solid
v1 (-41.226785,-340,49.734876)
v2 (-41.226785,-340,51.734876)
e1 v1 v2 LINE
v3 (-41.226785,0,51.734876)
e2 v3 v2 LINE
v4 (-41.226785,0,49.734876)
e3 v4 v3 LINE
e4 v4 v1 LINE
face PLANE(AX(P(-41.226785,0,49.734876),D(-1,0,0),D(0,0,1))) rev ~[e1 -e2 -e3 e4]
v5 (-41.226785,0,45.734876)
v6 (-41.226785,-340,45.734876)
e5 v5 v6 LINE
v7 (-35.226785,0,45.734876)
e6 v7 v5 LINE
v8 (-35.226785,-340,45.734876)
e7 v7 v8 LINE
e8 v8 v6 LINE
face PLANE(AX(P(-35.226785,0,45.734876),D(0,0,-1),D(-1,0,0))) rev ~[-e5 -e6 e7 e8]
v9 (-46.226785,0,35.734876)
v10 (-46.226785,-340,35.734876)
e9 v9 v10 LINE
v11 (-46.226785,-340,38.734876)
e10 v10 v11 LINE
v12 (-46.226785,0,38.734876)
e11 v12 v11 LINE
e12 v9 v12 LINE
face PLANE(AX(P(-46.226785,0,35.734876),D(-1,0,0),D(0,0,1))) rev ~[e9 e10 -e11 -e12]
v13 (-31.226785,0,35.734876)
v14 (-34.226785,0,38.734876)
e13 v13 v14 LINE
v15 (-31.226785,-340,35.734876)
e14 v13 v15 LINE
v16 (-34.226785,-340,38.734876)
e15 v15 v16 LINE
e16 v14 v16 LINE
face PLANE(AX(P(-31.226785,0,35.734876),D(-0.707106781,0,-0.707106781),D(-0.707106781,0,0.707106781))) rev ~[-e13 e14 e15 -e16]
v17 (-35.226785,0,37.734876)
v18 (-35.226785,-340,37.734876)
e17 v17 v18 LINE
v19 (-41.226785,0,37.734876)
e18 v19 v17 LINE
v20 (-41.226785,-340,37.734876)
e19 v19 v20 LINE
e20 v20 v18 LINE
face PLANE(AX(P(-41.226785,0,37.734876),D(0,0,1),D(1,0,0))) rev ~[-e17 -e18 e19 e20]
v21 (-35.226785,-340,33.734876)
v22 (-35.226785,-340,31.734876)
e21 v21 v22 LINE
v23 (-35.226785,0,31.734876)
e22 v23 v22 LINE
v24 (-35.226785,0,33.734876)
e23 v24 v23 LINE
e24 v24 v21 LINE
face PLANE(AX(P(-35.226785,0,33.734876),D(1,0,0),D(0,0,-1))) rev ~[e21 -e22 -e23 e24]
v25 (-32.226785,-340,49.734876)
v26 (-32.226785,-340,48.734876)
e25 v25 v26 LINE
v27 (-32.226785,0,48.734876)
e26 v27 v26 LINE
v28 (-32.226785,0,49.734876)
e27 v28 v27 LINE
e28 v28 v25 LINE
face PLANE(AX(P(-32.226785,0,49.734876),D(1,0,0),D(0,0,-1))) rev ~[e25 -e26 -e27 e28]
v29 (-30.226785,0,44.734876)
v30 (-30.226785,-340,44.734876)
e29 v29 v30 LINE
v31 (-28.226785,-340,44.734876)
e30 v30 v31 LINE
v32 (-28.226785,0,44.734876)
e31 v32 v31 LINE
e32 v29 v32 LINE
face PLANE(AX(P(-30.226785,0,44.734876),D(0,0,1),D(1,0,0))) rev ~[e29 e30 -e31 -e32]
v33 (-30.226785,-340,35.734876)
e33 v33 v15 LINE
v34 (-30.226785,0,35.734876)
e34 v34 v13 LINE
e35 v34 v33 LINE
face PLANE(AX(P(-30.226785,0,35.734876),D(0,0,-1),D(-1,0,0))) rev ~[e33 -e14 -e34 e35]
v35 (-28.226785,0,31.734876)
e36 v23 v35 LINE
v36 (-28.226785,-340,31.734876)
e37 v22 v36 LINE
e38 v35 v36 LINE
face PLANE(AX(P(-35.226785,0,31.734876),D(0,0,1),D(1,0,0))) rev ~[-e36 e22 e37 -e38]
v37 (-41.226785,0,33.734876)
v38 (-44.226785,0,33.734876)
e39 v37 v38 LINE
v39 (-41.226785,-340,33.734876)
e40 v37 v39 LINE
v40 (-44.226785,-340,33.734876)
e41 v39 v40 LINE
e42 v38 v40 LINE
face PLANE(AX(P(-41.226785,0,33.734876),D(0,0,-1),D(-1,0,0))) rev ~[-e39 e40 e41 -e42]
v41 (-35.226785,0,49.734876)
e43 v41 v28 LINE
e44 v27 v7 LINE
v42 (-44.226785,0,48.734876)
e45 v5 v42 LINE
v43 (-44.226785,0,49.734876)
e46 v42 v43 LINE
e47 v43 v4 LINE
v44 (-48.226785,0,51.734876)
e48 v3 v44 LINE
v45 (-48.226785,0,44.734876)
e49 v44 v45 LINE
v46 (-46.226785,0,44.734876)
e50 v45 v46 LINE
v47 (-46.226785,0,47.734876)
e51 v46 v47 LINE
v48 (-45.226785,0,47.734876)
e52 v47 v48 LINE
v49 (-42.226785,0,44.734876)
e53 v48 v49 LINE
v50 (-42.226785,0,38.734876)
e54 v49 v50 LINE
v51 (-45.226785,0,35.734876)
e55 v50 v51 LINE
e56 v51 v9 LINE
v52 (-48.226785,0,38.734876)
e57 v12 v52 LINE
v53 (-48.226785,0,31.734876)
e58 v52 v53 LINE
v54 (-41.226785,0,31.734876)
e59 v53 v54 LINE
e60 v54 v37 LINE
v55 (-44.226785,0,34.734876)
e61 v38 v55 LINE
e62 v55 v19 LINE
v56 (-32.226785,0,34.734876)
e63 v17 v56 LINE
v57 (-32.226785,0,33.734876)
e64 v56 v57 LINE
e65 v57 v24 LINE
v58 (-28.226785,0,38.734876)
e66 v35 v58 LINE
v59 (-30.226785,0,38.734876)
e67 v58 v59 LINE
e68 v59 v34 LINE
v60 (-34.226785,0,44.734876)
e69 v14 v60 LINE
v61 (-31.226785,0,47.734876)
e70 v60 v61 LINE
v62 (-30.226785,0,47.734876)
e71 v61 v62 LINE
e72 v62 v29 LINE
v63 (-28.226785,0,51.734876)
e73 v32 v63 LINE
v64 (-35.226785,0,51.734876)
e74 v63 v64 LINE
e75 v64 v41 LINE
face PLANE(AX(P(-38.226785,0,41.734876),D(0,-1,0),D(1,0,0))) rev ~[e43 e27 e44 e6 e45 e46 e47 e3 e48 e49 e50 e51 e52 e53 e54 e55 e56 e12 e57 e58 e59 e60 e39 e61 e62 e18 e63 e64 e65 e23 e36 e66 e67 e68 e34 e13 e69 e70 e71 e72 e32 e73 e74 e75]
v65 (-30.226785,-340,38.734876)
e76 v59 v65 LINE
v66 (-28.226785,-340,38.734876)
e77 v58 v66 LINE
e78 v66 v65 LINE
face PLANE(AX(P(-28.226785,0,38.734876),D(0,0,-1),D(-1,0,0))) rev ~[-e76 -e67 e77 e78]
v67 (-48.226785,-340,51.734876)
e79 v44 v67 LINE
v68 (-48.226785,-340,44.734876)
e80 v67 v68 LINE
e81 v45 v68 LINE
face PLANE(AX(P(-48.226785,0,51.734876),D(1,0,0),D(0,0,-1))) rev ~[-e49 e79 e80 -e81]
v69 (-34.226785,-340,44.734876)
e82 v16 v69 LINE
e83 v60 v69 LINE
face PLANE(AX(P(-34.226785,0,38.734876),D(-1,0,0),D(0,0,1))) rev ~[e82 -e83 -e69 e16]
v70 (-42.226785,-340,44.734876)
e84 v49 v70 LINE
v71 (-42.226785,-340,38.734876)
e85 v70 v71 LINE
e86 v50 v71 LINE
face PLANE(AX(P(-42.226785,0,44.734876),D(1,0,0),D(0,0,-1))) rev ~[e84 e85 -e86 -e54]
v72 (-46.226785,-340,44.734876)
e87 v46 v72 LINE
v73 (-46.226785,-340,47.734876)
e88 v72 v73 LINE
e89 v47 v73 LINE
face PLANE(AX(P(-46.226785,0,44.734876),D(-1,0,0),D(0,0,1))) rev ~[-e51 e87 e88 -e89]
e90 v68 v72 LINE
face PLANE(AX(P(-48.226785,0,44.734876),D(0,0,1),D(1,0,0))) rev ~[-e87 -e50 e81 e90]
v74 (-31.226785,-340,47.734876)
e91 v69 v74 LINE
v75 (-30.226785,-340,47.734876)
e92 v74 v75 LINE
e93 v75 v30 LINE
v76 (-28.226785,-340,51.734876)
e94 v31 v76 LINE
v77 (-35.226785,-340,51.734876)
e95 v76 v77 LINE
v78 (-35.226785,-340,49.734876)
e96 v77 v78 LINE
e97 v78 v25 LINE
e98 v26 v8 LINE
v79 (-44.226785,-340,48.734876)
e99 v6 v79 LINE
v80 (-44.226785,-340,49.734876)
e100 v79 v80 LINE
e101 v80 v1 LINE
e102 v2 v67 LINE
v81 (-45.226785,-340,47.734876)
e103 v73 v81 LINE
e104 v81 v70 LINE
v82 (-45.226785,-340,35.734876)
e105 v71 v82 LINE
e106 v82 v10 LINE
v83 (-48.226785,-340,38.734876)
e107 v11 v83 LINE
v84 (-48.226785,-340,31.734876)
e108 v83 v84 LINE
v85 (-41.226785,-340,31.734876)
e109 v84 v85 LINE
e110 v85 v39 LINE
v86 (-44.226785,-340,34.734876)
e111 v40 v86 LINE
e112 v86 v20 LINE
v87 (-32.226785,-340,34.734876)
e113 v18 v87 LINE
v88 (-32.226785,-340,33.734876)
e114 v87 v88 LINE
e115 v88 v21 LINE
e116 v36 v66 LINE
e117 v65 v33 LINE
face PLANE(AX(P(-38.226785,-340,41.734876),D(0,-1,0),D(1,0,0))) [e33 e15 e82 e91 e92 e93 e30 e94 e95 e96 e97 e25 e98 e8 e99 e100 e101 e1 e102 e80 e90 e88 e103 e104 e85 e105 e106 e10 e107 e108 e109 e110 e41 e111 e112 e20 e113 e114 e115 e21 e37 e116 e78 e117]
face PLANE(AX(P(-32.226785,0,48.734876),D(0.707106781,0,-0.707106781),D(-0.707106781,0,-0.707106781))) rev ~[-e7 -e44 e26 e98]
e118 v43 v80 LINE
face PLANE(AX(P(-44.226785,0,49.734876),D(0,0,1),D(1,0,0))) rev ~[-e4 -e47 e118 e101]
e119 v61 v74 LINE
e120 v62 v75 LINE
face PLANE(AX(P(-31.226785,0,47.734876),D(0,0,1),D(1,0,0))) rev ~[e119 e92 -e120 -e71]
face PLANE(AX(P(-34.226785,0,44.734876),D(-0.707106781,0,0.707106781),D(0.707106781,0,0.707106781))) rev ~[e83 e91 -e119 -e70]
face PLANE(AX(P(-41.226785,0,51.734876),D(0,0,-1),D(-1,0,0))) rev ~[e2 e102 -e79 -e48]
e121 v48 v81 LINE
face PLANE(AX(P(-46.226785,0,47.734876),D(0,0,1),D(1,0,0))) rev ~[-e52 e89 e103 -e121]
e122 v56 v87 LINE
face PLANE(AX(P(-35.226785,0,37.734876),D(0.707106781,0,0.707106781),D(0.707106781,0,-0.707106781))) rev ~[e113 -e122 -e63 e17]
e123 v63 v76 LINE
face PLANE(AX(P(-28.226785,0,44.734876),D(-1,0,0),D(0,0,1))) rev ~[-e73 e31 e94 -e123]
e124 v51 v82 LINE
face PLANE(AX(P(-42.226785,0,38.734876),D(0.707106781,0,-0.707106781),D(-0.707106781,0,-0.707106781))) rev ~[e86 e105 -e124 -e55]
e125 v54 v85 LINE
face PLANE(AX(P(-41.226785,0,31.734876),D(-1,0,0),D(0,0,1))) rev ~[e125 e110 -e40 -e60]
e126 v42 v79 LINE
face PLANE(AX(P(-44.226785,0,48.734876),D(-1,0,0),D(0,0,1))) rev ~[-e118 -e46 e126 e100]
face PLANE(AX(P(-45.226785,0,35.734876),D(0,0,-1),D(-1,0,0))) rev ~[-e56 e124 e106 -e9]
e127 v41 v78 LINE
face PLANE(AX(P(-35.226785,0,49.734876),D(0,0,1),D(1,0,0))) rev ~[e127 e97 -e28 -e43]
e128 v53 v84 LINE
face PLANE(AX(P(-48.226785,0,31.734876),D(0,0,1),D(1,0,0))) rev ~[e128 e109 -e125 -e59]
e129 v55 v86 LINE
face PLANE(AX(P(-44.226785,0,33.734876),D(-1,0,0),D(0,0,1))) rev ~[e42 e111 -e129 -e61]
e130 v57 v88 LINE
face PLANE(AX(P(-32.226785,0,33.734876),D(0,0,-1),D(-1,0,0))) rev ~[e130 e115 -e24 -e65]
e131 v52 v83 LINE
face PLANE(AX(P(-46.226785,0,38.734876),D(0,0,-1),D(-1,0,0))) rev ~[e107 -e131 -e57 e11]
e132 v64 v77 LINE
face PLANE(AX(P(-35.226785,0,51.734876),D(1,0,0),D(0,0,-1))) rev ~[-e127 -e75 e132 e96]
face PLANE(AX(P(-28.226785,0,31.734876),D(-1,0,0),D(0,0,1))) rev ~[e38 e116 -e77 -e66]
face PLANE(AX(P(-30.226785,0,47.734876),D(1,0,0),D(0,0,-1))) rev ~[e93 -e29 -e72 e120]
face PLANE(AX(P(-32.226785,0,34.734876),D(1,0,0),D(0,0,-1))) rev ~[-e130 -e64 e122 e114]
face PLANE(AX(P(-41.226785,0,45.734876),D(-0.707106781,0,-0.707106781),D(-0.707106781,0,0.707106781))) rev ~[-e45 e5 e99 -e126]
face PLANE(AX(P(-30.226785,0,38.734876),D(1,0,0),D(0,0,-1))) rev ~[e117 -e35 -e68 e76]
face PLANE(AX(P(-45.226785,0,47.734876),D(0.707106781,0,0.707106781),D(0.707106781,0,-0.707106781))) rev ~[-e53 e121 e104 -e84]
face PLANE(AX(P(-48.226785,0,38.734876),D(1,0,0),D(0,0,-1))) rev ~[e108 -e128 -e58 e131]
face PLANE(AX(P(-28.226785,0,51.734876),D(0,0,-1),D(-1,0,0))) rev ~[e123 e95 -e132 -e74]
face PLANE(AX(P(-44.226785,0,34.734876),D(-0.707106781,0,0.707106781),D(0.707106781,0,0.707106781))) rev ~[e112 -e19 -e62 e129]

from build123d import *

# Parameters (mm, degrees)
F1_DEPTH = 340


with BuildPart() as f1:
    # F0 (on Front) → F1 (new body)
    with BuildSketch(Plane.XZ):
        Polygon((-48.226785, 51.734876), (-48.226785, 44.734876), (-46.226785, 44.734876), (-46.226785, 47.734876), (-45.226785, 47.734876), (-42.226785, 44.734876), (-42.226785, 38.734876), (-45.226785, 35.734876), (-46.226785, 35.734876), (-46.226785, 38.734876), (-48.226785, 38.734876), (-48.226785, 31.734876), (-41.226785, 31.734876), (-41.226785, 33.734876), (-44.226785, 33.734876), (-44.226785, 34.734876), (-41.226785, 37.734876), (-35.226785, 37.734876), (-32.226785, 34.734876), (-32.226785, 33.734876), (-35.226785, 33.734876), (-35.226785, 31.734876), (-28.226785, 31.734876), (-28.226785, 38.734876), (-30.226785, 38.734876), (-30.226785, 35.734876), (-31.226785, 35.734876), (-34.226785, 38.734876), (-34.226785, 44.734876), (-31.226785, 47.734876), (-30.226785, 47.734876), (-30.226785, 44.734876), (-28.226785, 44.734876), (-28.226785, 51.734876), (-35.226785, 51.734876), (-35.226785, 49.734876), (-32.226785, 49.734876), (-32.226785, 48.734876), (-35.226785, 45.734876), (-41.226785, 45.734876), (-44.226785, 48.734876), (-44.226785, 49.734876), (-41.226785, 49.734876), (-41.226785, 51.734876), align=None)
    extrude(amount=F1_DEPTH)


solid = f1.part
